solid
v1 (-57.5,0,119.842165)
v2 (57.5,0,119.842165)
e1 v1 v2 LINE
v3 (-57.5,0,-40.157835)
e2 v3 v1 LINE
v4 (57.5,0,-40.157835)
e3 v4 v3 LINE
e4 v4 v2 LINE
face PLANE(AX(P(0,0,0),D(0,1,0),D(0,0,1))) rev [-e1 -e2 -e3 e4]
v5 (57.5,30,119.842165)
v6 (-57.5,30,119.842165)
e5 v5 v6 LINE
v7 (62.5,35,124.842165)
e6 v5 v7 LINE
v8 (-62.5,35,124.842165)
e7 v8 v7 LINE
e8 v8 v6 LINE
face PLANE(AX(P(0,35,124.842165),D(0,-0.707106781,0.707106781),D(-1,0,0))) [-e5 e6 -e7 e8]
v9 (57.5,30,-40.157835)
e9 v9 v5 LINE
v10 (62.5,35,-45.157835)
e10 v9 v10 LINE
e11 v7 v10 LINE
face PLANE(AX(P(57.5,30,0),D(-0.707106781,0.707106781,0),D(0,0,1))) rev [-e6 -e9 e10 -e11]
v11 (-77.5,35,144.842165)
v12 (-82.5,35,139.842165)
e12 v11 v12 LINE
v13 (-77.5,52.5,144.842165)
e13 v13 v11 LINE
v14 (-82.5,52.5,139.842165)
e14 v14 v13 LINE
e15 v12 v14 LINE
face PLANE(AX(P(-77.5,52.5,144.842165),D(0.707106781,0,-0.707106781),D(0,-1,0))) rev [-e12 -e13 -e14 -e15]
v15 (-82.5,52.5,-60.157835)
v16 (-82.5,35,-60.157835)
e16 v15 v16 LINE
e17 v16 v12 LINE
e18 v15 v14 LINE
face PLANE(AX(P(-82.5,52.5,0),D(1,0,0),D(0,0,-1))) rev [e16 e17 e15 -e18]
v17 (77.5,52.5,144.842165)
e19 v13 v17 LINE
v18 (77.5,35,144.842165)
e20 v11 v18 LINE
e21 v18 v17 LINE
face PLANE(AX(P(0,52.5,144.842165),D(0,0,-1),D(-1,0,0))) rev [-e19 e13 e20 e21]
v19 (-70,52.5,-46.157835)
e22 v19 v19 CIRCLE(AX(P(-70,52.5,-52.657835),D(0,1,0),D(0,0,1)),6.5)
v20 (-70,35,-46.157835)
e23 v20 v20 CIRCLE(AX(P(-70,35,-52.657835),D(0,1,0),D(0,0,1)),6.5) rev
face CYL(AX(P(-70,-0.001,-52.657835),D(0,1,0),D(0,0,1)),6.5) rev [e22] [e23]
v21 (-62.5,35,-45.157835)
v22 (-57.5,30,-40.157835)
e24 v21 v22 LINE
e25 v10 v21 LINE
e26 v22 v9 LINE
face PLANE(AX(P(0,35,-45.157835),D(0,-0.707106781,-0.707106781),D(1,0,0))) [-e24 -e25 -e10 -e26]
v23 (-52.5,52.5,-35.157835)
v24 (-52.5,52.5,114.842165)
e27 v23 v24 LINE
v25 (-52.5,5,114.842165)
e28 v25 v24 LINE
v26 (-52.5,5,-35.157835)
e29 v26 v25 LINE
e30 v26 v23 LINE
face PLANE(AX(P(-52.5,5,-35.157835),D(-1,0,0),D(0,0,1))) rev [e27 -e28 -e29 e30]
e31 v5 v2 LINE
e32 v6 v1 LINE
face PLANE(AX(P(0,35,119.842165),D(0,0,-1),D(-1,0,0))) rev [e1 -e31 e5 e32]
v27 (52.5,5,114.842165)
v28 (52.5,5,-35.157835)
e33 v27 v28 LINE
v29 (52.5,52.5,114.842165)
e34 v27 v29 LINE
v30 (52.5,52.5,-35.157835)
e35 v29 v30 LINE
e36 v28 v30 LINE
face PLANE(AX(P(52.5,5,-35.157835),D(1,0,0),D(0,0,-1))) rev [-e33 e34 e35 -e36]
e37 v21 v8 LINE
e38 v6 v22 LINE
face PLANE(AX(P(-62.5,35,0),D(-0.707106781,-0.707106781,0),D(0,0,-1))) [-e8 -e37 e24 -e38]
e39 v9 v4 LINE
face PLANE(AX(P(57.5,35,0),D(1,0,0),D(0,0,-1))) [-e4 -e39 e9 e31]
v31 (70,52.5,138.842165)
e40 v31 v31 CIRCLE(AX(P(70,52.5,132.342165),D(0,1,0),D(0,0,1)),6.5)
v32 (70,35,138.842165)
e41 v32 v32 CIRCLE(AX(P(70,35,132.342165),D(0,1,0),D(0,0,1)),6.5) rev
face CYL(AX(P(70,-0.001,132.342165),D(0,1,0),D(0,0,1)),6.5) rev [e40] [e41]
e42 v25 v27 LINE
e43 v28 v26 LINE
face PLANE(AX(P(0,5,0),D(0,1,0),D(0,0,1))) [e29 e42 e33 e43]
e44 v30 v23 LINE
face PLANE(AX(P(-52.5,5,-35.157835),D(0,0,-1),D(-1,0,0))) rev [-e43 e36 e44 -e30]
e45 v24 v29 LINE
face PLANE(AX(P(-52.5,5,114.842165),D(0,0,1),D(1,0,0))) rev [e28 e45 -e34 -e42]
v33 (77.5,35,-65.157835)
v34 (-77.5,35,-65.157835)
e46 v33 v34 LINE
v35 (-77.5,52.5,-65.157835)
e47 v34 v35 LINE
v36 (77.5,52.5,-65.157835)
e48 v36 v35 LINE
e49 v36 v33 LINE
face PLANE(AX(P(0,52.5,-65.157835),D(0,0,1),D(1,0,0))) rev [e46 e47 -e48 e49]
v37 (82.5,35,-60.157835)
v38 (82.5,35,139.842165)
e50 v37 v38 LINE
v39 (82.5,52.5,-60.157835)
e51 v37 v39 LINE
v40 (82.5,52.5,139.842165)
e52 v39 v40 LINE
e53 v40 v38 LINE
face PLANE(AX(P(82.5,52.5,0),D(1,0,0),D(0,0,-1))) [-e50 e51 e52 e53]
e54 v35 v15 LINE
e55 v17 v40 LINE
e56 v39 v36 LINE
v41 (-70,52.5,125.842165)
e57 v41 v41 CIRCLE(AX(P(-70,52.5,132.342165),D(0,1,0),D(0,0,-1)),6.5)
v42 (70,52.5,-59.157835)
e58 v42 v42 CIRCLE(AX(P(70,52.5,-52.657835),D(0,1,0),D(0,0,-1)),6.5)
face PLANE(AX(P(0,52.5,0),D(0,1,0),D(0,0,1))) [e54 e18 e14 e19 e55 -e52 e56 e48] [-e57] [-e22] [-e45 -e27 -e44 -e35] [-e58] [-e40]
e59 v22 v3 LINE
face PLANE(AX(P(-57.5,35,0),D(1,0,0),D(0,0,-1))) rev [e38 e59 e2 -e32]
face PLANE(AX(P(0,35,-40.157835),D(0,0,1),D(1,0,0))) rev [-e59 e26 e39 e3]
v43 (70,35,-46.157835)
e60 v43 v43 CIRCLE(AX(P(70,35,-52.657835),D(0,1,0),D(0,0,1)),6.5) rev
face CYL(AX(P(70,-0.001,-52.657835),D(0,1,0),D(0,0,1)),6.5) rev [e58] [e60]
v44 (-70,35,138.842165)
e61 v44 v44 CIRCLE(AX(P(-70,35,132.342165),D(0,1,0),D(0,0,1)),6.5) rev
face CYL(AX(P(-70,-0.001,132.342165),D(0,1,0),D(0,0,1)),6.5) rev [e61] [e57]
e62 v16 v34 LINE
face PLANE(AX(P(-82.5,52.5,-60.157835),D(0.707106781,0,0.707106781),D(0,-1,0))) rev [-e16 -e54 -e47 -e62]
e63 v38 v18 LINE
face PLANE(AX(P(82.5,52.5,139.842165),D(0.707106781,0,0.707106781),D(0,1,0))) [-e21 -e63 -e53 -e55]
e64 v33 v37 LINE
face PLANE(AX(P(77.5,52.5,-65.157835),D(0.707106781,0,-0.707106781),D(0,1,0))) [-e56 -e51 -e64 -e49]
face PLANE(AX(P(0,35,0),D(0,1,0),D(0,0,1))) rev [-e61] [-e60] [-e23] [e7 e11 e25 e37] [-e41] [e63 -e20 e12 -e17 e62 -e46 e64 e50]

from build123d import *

# Parameters (mm, degrees)
SKETCH1_W           = 105
SKETCH1_H           = 150
SKETCH1_W_2         = 5
SKETCH1_H_2         = 5
BOSS_EXTRUDE1_DEPTH = 35
SKETCH2_W           = 5
SKETCH2_H           = 5
SKETCH2_W_2         = 105
SKETCH2_H_2         = 150
BOSS_EXTRUDE2_DEPTH = 17.5
SKETCH3_W           = 105
SKETCH3_H           = 150
CUT_EXTRUDE1_DEPTH  = 47.5
CUT_EXTRUDE2_REACH  = 176.762
SKETCH4_R           = 6.5
CHAMFER1_SIZE       = 5
CHAMFER2_SIZE       = 5


with BuildPart() as part:
    # Sketch1 → Boss-Extrude1 (new body)
    with BuildSketch(Plane(origin=(0, 0, 0), x_dir=(1, 0, 0), z_dir=(0, 1, 0))):
        Polygon((52.5, -114.8421646), (-52.5, -114.8421646), (-52.5, 35.1578354), (-57.5, 35.1578354), (-57.5, -119.8421646), (52.5, -119.8421646), align=None)
        with Locations((0, -39.8421646)):
            Rectangle(SKETCH1_W, SKETCH1_H)
        Polygon((52.5, 35.1578354), (52.5, -114.8421646), (57.5, -114.8421646), (57.5, 40.1578354), (-52.5, 40.1578354), (-52.5, 35.1578354), align=None)
        with Locations((55, -117.3421646)):
            Rectangle(SKETCH1_W_2, SKETCH1_H_2)
        with Locations((-55, 37.6578354)):
            Rectangle(SKETCH1_W_2, SKETCH1_H_2)
    extrude(amount=BOSS_EXTRUDE1_DEPTH)

    # Sketch2 → Boss-Extrude2 (add)
    with BuildSketch(Plane(origin=(0, 35, 0), x_dir=(1, 0, 0), z_dir=(0, 1, 0))):
        Polygon((-77.5, -139.8421646), (-77.5, 35.1578354), (-77.5, 60.1578354), (-82.5, 60.1578354), (-82.5, -144.8421646), (77.5, -144.8421646), (77.5, -139.8421646), (52.5, -139.8421646), align=None)
        Polygon((-77.5, 60.1578354), (-52.5, 60.1578354), (77.5, 60.1578354), (77.5, -114.8421646), (77.5, -139.8421646), (82.5, -139.8421646), (82.5, 65.1578354), (-77.5, 65.1578354), align=None)
        with Locations((-80, 62.6578354)):
            Rectangle(SKETCH2_W, SKETCH2_H)
        Polygon((-77.5, 35.1578354), (-57.5, 35.1578354), (-57.5, 40.1578354), (-52.5, 40.1578354), (-52.5, 60.1578354), (-77.5, 60.1578354), align=None)
        Polygon((-52.5, 60.1578354), (-52.5, 40.1578354), (57.5, 40.1578354), (57.5, -114.8421646), (77.5, -114.8421646), (77.5, 60.1578354), align=None)
        Polygon((-52.5, 40.1578354), (-52.5, 35.1578354), (52.5, 35.1578354), (52.5, -114.8421646), (57.5, -114.8421646), (57.5, 40.1578354), align=None)
        with Locations((-55, 37.6578354)):
            Rectangle(SKETCH2_W, SKETCH2_H)
        Polygon((-52.5, -114.8421646), (-52.5, 35.1578354), (-57.5, 35.1578354), (-57.5, -119.8421646), (52.5, -119.8421646), (52.5, -114.8421646), align=None)
        Polygon((-57.5, -119.8421646), (-57.5, 35.1578354), (-77.5, 35.1578354), (-77.5, -139.8421646), (52.5, -139.8421646), (52.5, -119.8421646), align=None)
        with Locations((0, -39.8421646)):
            Rectangle(SKETCH2_W_2, SKETCH2_H_2)
        with Locations((55, -117.3421646)):
            Rectangle(SKETCH2_W, SKETCH2_H)
        Polygon((77.5, -114.8421646), (57.5, -114.8421646), (57.5, -119.8421646), (52.5, -119.8421646), (52.5, -139.8421646), (77.5, -139.8421646), align=None)
        with Locations((80, -142.3421646)):
            Rectangle(SKETCH2_W, SKETCH2_H)
    extrude(amount=BOSS_EXTRUDE2_DEPTH)

    # Sketch3 → Cut-Extrude1 (cut)
    with BuildSketch(Plane(origin=(0, 52.5, 0), x_dir=(1, 0, 0), z_dir=(0, 1, 0))):
        with Locations((0, -39.8421646)):
            Rectangle(SKETCH3_W, SKETCH3_H)
    extrude(amount=-CUT_EXTRUDE1_DEPTH, mode=Mode.SUBTRACT)

    # Sketch4 → Cut-Extrude2 (cut, up to next)
    with BuildSketch(Plane(origin=(0, 52.5, 0), x_dir=(1, 0, 0), z_dir=(0, 1, 0)), mode=Mode.PRIVATE) as cut_extrude2_sk1:
        with Locations(Location((-70, 52.6578354, 0), (0, 0, 270))):
            Circle(SKETCH4_R)
    cut_extrude2_tool1 = extrude(cut_extrude2_sk1.sketch, amount=-CUT_EXTRUDE2_REACH, mode=Mode.PRIVATE) & part.part
    # Sketch4 → Cut-Extrude2 (cut, up to next)
    with BuildSketch(Plane(origin=(0, 52.5, 0), x_dir=(1, 0, 0), z_dir=(0, 1, 0)), mode=Mode.PRIVATE) as cut_extrude2_sk2:
        with Locations(Location((-70, -132.3421646, 0), (0, 0, 270))):
            Circle(SKETCH4_R)
    cut_extrude2_tool2 = extrude(cut_extrude2_sk2.sketch, amount=-CUT_EXTRUDE2_REACH, mode=Mode.PRIVATE) & part.part
    # Sketch4 → Cut-Extrude2 (cut, up to next)
    with BuildSketch(Plane(origin=(0, 52.5, 0), x_dir=(1, 0, 0), z_dir=(0, 1, 0)), mode=Mode.PRIVATE) as cut_extrude2_sk3:
        with Locations(Location((70, -132.3421646, 0), (0, 0, 270))):
            Circle(SKETCH4_R)
    cut_extrude2_tool3 = extrude(cut_extrude2_sk3.sketch, amount=-CUT_EXTRUDE2_REACH, mode=Mode.PRIVATE) & part.part
    # Sketch4 → Cut-Extrude2 (cut, up to next)
    with BuildSketch(Plane(origin=(0, 52.5, 0), x_dir=(1, 0, 0), z_dir=(0, 1, 0)), mode=Mode.PRIVATE) as cut_extrude2_sk4:
        with Locations(Location((70, 52.6578354, 0), (0, 0, 270))):
            Circle(SKETCH4_R)
    cut_extrude2_tool4 = extrude(cut_extrude2_sk4.sketch, amount=-CUT_EXTRUDE2_REACH, mode=Mode.PRIVATE) & part.part
    add(cut_extrude2_tool1.solids().sort_by_distance((-70, 52.5, -52.657835))[0], mode=Mode.SUBTRACT)
    add(cut_extrude2_tool2.solids().sort_by_distance((-70, 52.5, 132.342165))[0], mode=Mode.SUBTRACT)
    add(cut_extrude2_tool3.solids().sort_by_distance((70, 52.5, 132.342165))[0], mode=Mode.SUBTRACT)
    add(cut_extrude2_tool4.solids().sort_by_distance((70, 52.5, -52.657835))[0], mode=Mode.SUBTRACT)

    # Chamfer1
    chamfer1_edges = [part.edges().sort_by_distance(p)[0] for p in [
        (0, 35, -40.1578354),
        (-57.5, 35, 39.8421646),
        (0, 35, 119.8421646),
        (57.5, 35, 39.8421646),
    ]]
    chamfer(chamfer1_edges, length=CHAMFER1_SIZE)

    # Chamfer2
    chamfer2_edges = [part.edges().sort_by_distance(p)[0] for p in [
        (82.5, 43.75, 144.8421646),
        (82.5, 43.75, -65.1578354),
        (-82.5, 43.75, -65.1578354),
        (-82.5, 43.75, 144.8421646),
    ]]
    chamfer(chamfer2_edges, length=CHAMFER2_SIZE)


solid = part.part
